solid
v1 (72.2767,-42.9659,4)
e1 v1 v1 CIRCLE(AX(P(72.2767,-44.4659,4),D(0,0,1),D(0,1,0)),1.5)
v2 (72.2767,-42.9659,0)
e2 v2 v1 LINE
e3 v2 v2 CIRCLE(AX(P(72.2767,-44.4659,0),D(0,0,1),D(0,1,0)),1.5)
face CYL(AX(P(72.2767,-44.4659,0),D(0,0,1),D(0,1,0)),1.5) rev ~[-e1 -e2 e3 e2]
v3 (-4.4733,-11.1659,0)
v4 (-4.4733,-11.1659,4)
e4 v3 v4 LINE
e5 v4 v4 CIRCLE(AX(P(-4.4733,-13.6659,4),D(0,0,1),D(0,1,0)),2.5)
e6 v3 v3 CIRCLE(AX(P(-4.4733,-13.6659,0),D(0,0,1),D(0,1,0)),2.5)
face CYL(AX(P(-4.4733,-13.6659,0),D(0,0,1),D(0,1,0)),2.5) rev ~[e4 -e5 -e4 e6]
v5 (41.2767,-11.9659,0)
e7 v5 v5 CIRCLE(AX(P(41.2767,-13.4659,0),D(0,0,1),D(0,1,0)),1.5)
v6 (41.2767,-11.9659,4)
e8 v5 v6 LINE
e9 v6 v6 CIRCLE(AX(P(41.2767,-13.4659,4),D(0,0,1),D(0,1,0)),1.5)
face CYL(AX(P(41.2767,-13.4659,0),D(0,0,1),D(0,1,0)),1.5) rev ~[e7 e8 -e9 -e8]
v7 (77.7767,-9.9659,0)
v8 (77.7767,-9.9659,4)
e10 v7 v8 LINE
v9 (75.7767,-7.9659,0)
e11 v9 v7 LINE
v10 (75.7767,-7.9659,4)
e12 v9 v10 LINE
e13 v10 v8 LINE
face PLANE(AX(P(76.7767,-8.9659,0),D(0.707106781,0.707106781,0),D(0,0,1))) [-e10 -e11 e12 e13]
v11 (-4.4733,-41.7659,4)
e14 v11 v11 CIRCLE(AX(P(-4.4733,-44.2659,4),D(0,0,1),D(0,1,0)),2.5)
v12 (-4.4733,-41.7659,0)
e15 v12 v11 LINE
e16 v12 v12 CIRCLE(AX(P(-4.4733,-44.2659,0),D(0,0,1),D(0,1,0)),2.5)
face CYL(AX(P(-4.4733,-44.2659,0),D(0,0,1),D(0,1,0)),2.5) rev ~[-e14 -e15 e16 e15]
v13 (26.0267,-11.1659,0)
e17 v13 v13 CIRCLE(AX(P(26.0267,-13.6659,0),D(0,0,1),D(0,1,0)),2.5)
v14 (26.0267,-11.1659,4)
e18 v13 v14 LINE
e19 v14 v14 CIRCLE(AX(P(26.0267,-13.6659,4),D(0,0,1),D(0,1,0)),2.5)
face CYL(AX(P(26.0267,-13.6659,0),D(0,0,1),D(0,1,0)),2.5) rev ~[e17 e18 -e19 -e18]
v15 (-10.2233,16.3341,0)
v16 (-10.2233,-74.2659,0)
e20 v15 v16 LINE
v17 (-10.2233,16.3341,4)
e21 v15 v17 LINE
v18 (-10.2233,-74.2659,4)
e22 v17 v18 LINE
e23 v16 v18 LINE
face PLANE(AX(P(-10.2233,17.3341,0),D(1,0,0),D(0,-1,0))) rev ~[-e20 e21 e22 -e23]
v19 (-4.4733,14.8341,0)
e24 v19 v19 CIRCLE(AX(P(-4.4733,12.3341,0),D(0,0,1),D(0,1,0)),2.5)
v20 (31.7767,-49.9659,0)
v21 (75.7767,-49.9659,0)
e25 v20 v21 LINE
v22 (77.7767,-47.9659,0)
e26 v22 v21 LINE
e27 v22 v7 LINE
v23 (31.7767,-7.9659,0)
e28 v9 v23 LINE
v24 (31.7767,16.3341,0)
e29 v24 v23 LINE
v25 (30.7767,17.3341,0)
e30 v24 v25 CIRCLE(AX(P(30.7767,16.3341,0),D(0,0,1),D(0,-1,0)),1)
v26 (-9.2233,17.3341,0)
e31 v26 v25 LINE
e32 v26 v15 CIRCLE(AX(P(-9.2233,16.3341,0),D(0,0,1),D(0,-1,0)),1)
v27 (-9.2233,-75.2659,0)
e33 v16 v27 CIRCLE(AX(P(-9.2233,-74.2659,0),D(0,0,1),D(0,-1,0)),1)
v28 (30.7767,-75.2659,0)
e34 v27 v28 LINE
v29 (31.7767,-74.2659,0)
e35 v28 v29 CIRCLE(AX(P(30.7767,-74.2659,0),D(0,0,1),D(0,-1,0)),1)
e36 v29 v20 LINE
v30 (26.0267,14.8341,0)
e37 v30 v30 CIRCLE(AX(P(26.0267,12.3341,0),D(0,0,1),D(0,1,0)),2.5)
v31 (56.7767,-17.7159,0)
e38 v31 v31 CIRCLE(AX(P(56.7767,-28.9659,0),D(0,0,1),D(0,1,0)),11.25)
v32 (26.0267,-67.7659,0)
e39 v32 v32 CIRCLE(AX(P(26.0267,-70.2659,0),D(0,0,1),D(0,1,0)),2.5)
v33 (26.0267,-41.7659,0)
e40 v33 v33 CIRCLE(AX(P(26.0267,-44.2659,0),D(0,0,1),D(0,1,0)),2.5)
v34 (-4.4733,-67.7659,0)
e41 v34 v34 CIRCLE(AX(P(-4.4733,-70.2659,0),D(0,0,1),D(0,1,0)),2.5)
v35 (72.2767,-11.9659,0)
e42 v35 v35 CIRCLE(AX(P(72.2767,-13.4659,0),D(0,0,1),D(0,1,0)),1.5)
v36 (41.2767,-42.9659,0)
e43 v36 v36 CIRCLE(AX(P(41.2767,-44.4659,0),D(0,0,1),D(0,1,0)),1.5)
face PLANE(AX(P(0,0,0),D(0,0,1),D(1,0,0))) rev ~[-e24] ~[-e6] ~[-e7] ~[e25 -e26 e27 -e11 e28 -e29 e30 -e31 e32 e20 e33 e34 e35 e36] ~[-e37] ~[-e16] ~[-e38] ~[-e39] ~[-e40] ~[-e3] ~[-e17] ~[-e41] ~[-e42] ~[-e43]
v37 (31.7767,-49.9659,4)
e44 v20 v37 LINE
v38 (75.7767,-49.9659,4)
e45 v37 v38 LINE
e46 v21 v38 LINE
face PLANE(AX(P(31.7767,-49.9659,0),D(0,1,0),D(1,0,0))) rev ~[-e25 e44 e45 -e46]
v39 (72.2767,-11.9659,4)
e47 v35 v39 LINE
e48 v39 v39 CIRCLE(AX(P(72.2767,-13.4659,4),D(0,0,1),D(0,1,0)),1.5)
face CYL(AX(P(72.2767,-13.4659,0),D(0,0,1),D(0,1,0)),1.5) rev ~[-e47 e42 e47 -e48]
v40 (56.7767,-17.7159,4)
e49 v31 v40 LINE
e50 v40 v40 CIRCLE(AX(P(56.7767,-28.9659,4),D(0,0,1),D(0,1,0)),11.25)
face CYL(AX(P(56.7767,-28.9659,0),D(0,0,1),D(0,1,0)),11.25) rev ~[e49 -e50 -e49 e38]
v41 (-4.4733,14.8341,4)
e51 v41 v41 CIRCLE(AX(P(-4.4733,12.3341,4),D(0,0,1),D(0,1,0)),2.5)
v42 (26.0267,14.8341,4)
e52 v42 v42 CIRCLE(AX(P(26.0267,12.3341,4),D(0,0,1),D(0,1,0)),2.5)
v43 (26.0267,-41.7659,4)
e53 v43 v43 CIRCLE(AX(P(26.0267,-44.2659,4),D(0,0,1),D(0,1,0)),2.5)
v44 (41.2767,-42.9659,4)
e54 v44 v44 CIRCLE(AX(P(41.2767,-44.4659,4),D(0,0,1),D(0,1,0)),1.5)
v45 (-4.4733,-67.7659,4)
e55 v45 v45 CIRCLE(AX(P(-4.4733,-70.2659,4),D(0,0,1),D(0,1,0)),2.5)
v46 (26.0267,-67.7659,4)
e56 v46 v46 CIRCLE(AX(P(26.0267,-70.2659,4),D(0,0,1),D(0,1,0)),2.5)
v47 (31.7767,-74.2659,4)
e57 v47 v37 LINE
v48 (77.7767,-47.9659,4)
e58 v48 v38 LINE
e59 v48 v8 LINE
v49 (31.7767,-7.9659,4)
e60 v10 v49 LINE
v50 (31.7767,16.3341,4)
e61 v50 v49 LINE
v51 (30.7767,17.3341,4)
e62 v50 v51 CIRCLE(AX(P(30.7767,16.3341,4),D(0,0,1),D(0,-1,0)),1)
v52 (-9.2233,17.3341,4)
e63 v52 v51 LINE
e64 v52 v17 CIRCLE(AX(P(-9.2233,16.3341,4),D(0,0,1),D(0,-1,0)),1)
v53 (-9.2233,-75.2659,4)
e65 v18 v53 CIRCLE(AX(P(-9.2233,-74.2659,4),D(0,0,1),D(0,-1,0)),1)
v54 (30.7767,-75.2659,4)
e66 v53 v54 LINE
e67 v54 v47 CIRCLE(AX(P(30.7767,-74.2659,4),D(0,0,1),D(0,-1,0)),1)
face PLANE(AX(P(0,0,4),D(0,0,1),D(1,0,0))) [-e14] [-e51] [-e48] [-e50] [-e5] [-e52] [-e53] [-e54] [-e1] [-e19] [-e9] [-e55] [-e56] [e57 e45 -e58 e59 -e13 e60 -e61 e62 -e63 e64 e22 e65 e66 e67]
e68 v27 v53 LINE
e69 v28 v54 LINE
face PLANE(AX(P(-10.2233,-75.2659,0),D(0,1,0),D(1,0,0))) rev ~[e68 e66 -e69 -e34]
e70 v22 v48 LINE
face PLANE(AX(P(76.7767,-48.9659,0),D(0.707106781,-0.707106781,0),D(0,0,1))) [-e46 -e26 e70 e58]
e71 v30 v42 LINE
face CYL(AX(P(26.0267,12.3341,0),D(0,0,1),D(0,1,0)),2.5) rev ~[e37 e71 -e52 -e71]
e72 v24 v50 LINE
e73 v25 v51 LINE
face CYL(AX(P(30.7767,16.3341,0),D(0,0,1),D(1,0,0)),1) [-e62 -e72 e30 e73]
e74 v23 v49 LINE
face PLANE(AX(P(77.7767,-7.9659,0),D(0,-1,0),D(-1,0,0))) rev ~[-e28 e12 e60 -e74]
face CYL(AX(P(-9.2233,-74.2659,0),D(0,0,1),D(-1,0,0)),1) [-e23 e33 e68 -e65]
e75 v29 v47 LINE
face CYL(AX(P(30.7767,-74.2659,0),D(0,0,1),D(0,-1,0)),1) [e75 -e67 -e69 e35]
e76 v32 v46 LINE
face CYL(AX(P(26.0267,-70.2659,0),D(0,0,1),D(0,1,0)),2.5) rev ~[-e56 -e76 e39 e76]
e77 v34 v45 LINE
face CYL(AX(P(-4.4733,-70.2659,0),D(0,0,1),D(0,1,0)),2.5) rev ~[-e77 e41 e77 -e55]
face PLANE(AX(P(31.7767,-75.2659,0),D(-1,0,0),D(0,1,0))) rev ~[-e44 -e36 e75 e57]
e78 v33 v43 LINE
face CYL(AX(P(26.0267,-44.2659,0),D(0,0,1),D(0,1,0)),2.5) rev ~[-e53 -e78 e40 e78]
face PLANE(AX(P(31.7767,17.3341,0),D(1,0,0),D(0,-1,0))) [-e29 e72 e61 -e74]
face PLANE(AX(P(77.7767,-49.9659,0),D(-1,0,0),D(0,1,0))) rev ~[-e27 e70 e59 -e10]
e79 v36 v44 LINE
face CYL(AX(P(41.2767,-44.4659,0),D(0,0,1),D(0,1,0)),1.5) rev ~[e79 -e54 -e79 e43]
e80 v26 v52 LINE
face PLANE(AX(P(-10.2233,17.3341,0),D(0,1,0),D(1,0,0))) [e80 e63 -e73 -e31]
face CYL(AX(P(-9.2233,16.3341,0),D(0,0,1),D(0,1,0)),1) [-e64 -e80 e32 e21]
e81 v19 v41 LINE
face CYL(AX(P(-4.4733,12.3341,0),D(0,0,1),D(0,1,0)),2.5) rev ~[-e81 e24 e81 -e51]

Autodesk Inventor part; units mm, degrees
ref_plane "YZ Plane" through (0, 0, 0) normal (1, 0, 0) x (0, 1, 0)
ref_plane "XZ Plane" through (0, 0, 0) normal (0, 1, 0) x (-1, 0, 0)
ref_plane "XY Plane" through (0, 0, 0) normal (0, 0, 1) x (1, 0, 0)
sketch "Szkic1" plane through (0, 0, 0) normal (0, 0, 1) x (1, 0, 0)
  line L0 (-10.2233, 17.3341) -> (-10.2233, -75.2659)
  line L1 (-10.2233, -75.2659) -> (31.7767, -75.2659)
  line L2 (-10.2233, 17.3341) -> (31.7767, 17.3341)
  line L3 (31.7767, 17.3341) -> (31.7767, -7.9659)
  line L4 (31.7767, -75.2659) -> (31.7767, -49.9659)
  line L5 (31.7767, -49.9659) -> (77.7767, -49.9659)
  line L6 (77.7767, -49.9659) -> (77.7767, -7.9659)
  line L7 (77.7767, -7.9659) -> (31.7767, -7.9659)
  point P0 (0, 0)
  point P1 (41.2767, -13.4659)
  point P2 (72.2767, -13.4659)
  point P3 (41.2767, -44.4659)
  point P4 (72.2767, -44.4659)
  point P5 (56.7767, -28.9659)
  point P6 (-4.4733, 12.3341)
  point P7 (26.0267, 12.3341)
  point P8 (-4.4733, -13.6659)
  point P9 (26.0267, -13.6659)
  point P10 (-4.4733, -44.2659)
  point P11 (26.0267, -44.2659)
  point P12 (-4.4733, -70.2659)
  point P13 (26.0267, -70.2659)
  dimension "d0" = 92.6
  dimension "d1" = 42
  dimension "d2" = 42
  dimension "d3" = 46
  dimension "d4" = 25.3
  dimension "d11" = 15.5
  dimension "d12" = 15.5
  dimension "d14" = 15.5
  dimension "d15" = 15.5
  dimension "d16" = 15.5
  dimension "d17" = 15.5
  dimension "d18" = 15.5
  dimension "d19" = 15.5
  dimension "d20" = 21
  dimension "d21" = 21
  dimension "d39" = 5
  dimension "d40" = 5
  dimension "d41" = 5
  dimension "d42" = 5
  dimension "d43" = 5.75
  dimension "d44" = 5.75
  dimension "d45" = 42
  dimension "d46" = 5.75
  dimension "d47" = 5.75
  dimension "d48" = 5.75
  dimension "d49" = 5.75
  dimension "d50" = 25.3
  dimension "d51" = 5.75
  dimension "d52" = 5.75
  dimension "d60" = 26
  dimension "d61" = 26
  dimension "d62" = 26
  dimension "d63" = 26
extrude "Wyciągnięcie proste1" add sketch "Szkic1" along normal blind 4
hole "Otwór1" at (41.2767, -13.4659, 0) at (72.2767, -13.4659, 0) at (41.2767, -44.4659, 0) at (72.2767, -44.4659, 0) direction (0, 0, 1) diameter 3 end through all
hole "Otwór2" at (56.7767, -28.9659, 0) direction (0, 0, 1) diameter 22.5 end through all
chamfer "Faza1" distance 2 angle 45 2 edges at (77.7767, -7.9659, 2) (77.7767, -49.9659, 2)
hole "Otwór3" at (-4.4733, 12.3341, 0) at (26.0267, 12.3341, 0) at (-4.4733, -13.6659, 0) at (26.0267, -13.6659, 0) at (-4.4733, -44.2659, 0) at (26.0267, -44.2659, 0) at (-4.4733, -70.2659, 0) at (26.0267, -70.2659, 0) direction (0, 0, 1) diameter 5 end through all
fillet "Zaokrąglenie1" radius 1 4 edges at (31.7767, 17.3341, 2) (-10.2233, 17.3341, 2) (31.7767, -75.2659, 2) (-10.2233, -75.2659, 2)
equation "\"d4\" = -0.5 * d2 + 0.5 * d0"
equation "\"d11\" = 0.5 * d9"
equation "\"d12\" = d11"
equation "\"d14\" = d11"
equation "\"d21\" = d20"
equation "\"d39\" = d41"
equation "\"d40\" = d41"
equation "\"d42\" = d41"
equation "\"d44\" = d43"
equation "\"d45\" = d1"
equation "\"d46\" = d43"
equation "\"d47\" = d43"
equation "\"d48\" = d43"
equation "\"d49\" = d43"
equation "\"d51\" = d43"
equation "\"d52\" = d43"
equation "\"d9\" = 31"
properties part number "LC_ALU_4mm_X_End_Motor_Side"
